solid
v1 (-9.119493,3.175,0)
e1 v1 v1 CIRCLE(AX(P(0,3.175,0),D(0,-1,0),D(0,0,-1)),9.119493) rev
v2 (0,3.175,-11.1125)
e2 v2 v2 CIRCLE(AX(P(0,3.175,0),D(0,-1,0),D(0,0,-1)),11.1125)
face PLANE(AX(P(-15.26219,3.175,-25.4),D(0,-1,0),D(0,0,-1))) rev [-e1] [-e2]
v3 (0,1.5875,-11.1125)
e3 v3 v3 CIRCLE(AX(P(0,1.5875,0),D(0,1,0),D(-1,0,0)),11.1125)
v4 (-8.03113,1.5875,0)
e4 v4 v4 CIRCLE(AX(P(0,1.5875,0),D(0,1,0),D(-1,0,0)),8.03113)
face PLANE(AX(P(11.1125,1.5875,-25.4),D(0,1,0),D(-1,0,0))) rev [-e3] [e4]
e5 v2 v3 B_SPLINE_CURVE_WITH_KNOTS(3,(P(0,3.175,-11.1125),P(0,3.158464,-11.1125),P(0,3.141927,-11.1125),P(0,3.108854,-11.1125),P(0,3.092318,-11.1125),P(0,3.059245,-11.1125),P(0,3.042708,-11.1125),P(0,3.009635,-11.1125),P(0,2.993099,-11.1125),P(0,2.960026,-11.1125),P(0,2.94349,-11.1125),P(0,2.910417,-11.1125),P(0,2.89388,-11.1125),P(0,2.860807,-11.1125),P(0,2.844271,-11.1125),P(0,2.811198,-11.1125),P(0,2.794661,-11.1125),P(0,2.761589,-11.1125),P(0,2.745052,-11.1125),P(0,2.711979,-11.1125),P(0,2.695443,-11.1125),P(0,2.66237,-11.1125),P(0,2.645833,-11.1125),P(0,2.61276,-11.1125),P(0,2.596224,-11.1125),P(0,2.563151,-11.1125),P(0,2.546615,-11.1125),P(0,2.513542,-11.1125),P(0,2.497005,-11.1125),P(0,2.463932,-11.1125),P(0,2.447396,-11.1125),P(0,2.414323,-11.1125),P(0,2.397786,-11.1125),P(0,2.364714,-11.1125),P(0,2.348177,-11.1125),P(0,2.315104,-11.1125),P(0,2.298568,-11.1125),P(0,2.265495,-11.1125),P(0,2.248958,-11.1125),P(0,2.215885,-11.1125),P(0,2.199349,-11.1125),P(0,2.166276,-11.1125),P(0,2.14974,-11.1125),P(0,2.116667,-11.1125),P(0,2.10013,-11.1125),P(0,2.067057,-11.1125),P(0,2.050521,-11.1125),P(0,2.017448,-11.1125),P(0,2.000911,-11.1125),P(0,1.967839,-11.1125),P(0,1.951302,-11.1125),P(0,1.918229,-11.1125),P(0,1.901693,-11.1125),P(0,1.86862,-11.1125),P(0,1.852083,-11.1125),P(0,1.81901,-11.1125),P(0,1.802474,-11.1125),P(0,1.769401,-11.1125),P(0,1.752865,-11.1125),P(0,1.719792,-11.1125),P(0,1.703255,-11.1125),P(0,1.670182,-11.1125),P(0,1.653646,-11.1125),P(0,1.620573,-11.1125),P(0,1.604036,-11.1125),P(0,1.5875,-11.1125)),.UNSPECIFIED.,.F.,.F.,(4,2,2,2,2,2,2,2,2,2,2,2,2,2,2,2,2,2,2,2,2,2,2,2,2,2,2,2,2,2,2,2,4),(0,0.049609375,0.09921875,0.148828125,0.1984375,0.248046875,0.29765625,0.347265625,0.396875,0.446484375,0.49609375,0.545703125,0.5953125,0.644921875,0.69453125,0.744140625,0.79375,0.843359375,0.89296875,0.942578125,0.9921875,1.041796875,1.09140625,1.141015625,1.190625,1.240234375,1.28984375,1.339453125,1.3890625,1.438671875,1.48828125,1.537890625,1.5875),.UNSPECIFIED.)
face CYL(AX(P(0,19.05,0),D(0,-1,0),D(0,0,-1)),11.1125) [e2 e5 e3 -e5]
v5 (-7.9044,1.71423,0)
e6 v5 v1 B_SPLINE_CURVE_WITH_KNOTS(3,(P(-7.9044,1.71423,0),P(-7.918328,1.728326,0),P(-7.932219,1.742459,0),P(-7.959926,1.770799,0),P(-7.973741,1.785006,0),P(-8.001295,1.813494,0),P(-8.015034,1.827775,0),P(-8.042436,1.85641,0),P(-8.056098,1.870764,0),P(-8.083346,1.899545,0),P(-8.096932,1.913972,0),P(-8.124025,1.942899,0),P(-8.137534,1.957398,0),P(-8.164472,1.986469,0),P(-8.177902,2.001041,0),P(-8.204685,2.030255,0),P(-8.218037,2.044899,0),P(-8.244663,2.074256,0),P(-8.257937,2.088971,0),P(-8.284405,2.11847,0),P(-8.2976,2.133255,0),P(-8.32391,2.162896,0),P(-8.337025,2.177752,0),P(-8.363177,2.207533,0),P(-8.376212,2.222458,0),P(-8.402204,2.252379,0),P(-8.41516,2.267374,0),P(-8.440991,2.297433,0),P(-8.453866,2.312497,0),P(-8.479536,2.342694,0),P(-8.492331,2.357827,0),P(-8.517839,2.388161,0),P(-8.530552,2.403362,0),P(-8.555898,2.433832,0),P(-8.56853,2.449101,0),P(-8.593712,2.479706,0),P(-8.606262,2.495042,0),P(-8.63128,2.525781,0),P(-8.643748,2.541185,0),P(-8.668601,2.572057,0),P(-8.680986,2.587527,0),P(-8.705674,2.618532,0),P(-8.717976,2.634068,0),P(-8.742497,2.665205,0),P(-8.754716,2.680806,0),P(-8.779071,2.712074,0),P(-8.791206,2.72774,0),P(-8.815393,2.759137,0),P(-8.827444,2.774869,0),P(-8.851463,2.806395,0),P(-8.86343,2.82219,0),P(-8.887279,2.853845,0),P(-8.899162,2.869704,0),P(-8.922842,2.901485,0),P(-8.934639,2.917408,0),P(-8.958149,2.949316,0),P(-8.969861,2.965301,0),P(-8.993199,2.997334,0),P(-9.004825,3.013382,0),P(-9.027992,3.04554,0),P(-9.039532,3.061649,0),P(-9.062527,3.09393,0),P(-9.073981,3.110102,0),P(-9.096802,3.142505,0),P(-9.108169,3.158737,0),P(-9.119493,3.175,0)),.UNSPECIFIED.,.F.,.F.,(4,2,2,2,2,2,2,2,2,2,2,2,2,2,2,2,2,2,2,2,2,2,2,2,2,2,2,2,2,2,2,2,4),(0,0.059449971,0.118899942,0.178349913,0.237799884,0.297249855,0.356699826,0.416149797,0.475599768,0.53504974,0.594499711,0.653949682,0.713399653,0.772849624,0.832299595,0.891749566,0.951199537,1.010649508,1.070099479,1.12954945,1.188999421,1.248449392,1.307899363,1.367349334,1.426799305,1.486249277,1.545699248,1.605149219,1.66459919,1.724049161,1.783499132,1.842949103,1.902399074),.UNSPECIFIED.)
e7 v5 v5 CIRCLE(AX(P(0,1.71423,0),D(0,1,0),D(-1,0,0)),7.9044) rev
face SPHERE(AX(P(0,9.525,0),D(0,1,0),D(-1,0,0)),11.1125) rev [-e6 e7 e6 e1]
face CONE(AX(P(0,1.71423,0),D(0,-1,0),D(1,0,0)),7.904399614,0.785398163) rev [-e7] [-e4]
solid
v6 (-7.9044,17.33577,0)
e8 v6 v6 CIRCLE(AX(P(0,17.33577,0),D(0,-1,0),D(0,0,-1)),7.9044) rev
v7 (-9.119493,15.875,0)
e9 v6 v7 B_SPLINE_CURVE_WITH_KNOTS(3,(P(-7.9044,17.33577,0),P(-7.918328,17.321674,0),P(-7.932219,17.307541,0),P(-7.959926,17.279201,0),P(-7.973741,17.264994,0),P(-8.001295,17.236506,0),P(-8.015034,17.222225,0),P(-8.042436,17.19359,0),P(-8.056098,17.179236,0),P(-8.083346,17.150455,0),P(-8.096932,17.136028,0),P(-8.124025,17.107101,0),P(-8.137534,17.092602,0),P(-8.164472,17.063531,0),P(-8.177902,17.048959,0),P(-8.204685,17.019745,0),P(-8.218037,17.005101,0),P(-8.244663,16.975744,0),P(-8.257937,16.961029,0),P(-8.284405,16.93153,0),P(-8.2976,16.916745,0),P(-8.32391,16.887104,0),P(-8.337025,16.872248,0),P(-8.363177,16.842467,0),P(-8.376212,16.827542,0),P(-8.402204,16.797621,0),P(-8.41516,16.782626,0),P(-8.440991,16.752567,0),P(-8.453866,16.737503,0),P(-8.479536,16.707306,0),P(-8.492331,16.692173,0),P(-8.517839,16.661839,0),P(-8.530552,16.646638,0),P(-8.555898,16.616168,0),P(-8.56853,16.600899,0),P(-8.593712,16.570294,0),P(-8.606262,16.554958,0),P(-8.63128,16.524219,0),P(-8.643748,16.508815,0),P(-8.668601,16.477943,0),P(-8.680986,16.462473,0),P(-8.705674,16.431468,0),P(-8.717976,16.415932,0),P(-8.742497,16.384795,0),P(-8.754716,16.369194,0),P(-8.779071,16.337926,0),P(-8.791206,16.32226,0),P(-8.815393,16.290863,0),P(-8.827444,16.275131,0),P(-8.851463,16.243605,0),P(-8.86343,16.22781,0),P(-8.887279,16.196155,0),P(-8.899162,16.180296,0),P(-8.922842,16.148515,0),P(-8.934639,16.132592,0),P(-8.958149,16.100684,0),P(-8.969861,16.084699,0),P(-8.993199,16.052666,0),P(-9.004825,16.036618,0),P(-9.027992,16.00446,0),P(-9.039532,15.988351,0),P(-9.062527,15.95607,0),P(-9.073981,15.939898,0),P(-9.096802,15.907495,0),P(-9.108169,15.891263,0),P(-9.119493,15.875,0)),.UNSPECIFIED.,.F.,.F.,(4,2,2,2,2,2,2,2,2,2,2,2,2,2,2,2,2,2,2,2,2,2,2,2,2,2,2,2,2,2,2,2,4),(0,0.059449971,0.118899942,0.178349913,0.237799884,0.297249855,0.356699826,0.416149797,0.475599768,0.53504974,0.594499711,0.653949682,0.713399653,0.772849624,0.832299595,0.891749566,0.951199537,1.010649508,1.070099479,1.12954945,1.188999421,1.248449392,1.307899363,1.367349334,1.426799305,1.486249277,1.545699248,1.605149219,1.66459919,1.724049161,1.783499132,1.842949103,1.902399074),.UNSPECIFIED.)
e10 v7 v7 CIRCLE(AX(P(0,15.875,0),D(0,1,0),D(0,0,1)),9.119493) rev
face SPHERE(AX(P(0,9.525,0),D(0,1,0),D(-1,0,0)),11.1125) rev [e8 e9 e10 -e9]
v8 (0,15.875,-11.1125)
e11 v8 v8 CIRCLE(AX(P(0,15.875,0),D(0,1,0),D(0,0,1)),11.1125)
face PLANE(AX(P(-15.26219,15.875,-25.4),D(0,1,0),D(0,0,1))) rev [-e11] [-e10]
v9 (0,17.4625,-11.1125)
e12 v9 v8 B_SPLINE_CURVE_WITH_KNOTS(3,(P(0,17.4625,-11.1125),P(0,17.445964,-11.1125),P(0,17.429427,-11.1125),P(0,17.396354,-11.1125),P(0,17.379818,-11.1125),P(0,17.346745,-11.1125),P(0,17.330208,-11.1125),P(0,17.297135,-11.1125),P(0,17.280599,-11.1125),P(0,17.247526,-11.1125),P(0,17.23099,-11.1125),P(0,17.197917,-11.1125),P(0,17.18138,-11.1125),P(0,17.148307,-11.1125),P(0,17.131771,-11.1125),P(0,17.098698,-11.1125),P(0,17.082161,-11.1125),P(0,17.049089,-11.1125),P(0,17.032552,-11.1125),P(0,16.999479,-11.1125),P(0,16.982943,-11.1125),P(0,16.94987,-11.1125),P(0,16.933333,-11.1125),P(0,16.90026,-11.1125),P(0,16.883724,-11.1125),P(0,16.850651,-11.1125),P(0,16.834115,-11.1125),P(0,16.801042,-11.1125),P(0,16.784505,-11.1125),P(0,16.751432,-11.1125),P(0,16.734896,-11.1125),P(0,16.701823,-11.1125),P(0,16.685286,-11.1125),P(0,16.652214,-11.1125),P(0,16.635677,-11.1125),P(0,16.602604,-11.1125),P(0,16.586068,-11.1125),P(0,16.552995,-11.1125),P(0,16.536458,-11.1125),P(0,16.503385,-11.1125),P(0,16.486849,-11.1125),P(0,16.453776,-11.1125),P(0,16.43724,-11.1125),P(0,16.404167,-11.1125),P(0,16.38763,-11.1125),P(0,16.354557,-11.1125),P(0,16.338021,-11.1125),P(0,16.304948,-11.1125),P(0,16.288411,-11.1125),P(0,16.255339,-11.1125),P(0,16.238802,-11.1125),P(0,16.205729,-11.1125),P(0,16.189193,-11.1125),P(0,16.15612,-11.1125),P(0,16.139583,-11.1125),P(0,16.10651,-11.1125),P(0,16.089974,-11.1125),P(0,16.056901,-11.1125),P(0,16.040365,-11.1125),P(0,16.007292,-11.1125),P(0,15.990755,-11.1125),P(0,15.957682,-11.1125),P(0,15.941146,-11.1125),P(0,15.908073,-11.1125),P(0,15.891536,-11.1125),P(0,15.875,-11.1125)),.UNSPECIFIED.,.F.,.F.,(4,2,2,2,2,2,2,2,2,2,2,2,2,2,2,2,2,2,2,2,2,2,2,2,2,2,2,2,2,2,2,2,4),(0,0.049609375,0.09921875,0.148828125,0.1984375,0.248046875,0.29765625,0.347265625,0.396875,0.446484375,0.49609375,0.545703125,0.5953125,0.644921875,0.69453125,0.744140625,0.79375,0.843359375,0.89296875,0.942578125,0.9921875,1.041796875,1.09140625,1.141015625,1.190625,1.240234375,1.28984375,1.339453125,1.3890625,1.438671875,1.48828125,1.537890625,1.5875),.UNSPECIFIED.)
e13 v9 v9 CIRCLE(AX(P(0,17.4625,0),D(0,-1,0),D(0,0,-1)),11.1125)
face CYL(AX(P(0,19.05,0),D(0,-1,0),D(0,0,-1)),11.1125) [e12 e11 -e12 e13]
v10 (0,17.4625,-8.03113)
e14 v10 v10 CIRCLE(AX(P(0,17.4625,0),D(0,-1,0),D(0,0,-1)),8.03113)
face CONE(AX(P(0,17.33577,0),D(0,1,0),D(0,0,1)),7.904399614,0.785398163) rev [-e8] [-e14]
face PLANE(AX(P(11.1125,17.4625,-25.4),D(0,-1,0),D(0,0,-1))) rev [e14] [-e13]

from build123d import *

# Parameters (mm, degrees)
SKETCH1_R           = 11.112499999999999
BOSS_EXTRUDE1_DEPTH = 19.05
SKETCH2_R           = 6.35
CUT_EXTRUDE1_DEPTH  = 25.69570433294017
SKETCH4_W           = 30.524379262921272
SKETCH4_H           = 12.7
CUT_EXTRUDE2_DEPTH  = 25.4
SKETCH5_W           = 22.224999999999998
SKETCH5_H           = 1.5874999999999986
CUT_EXTRUDE3_DEPTH  = 25.4
CHAMFER2_SIZE       = 0.254
CHAMFER2_SIZE2      = 0.17961447466301902
CHAMFER3_SIZE       = 0.254
CHAMFER3_SIZE2      = 0.17961447466301902


with BuildPart() as part:
    # Sketch1 → Boss-Extrude1 (new body)
    with BuildSketch(Plane(origin=(0, 0, 0), x_dir=(1, 0, 0), z_dir=(0, 1, 0))):
        with Locations(Location((0, 0, 0), (0, 0, 90))):
            Circle(SKETCH1_R)
    extrude(amount=BOSS_EXTRUDE1_DEPTH)

    # Sketch2 → Cut-Extrude1 (cut, through all)
    with BuildSketch(Plane(origin=(0, 19.05, 0), x_dir=(1, 0, 0), z_dir=(0, 1, 0))):
        with Locations(Location((0, 0, 0), (0, 0, 270))):
            Circle(SKETCH2_R)
    extrude(amount=-CUT_EXTRUDE1_DEPTH, mode=Mode.SUBTRACT)

    # Sketch3 → Cut-Revolve1 (revolve, cut)
    with BuildSketch(Plane.XY):
        with BuildLine():
            Line((-1.9e-16, 20.637500000000003), (2.53e-15, -1.5874999999999952))
            ThreePointArc((2.53e-15, -1.5874999999999952), (-11.112499999999999, 9.525000000000006), (-1.9e-16, 20.637500000000003))
        make_face()
    revolve(axis=Axis((-1.9e-16, 23.066651012529398, 0), (1e-17, -1, 0)), mode=Mode.SUBTRACT)


with BuildPart() as cut_revolve1_piece_1:
    # of the separate pieces the step leaves, piece 1, a body of its own (cut_revolve1_pieces)
    add(part.part.solids().sort_by_distance((0, 0, -11.1125))[0])


with BuildPart() as cut_revolve1_piece_2:
    # of the separate pieces the step leaves, piece 2, a body of its own (cut_revolve1_pieces)
    add(part.part.solids().sort_by_distance((0, 19.05, -11.1125))[0])


with BuildPart() as cut_extrude2_tool:
    # Sketch4 → Cut-Extrude2 (new, symmetric)
    with BuildSketch(Plane.XY):
        with Locations((-7.11e-15, 9.525000000000004)):
            Rectangle(SKETCH4_W, SKETCH4_H)
    extrude(amount=CUT_EXTRUDE2_DEPTH, both=True)


with BuildPart() as cut_revolve1_piece_1_1:
    add(cut_revolve1_piece_1.part)

    # Cut-Extrude2: cut by cut_extrude2_tool
    add(cut_extrude2_tool.part, mode=Mode.SUBTRACT)


with BuildPart() as cut_revolve1_piece_2_1:
    add(cut_revolve1_piece_2.part)

    # Cut-Extrude2: cut by cut_extrude2_tool
    add(cut_extrude2_tool.part, mode=Mode.SUBTRACT)


with BuildPart() as cut_extrude3_tool:
    # Sketch5 → Cut-Extrude3 (new, symmetric)
    with BuildSketch(Plane.XY):
        with Locations((0, 18.25625)):
            Rectangle(SKETCH5_W, SKETCH5_H)
        Polygon((-11.112499999999999, 1.388e-14), (11.112499999999999, 1.388e-14), (11.112499999999999, 1.5875000000000017), (-11.112499999999999, 1.5875000000000026), align=None)
    extrude(amount=CUT_EXTRUDE3_DEPTH, both=True)


with BuildPart() as cut_revolve1_piece_1_2:
    add(cut_revolve1_piece_1_1.part)

    # Cut-Extrude3: cut by cut_extrude3_tool
    add(cut_extrude3_tool.part, mode=Mode.SUBTRACT)

    # Chamfer3
    chamfer3_edges = [cut_revolve1_piece_1_2.edges().sort_by_distance(p)[0] for p in [
        (7.777129933336585, 1.5875000000000021, 9.5e-16),
    ]]
    chamfer3_side = [cut_revolve1_piece_1_2.faces().sort_by_distance(p)[0] for p in [
        (-1.53e-15, 1.5875000000000021, 10.798191035762574),
    ]]
    chamfer(chamfer3_edges, length=CHAMFER3_SIZE, length2=CHAMFER3_SIZE2, reference=chamfer3_side[0])


with BuildPart() as cut_revolve1_piece_2_2:
    add(cut_revolve1_piece_2_1.part)

    # Cut-Extrude3: cut by cut_extrude3_tool
    add(cut_extrude3_tool.part, mode=Mode.SUBTRACT)

    # Chamfer2
    chamfer2_edges = [cut_revolve1_piece_2_2.edges().sort_by_distance(p)[0] for p in [
        (7.777129933336592, 17.462500000000002, 9.5e-16),
    ]]
    chamfer2_side = [cut_revolve1_piece_2_2.faces().sort_by_distance(p)[0] for p in [
        (6.6e-16, 17.462500000000002, 10.798191035762578),
    ]]
    chamfer(chamfer2_edges, length=CHAMFER2_SIZE, length2=CHAMFER2_SIZE2, reference=chamfer2_side[0])


solid = Compound([cut_revolve1_piece_1_2.part, cut_revolve1_piece_2_2.part])
